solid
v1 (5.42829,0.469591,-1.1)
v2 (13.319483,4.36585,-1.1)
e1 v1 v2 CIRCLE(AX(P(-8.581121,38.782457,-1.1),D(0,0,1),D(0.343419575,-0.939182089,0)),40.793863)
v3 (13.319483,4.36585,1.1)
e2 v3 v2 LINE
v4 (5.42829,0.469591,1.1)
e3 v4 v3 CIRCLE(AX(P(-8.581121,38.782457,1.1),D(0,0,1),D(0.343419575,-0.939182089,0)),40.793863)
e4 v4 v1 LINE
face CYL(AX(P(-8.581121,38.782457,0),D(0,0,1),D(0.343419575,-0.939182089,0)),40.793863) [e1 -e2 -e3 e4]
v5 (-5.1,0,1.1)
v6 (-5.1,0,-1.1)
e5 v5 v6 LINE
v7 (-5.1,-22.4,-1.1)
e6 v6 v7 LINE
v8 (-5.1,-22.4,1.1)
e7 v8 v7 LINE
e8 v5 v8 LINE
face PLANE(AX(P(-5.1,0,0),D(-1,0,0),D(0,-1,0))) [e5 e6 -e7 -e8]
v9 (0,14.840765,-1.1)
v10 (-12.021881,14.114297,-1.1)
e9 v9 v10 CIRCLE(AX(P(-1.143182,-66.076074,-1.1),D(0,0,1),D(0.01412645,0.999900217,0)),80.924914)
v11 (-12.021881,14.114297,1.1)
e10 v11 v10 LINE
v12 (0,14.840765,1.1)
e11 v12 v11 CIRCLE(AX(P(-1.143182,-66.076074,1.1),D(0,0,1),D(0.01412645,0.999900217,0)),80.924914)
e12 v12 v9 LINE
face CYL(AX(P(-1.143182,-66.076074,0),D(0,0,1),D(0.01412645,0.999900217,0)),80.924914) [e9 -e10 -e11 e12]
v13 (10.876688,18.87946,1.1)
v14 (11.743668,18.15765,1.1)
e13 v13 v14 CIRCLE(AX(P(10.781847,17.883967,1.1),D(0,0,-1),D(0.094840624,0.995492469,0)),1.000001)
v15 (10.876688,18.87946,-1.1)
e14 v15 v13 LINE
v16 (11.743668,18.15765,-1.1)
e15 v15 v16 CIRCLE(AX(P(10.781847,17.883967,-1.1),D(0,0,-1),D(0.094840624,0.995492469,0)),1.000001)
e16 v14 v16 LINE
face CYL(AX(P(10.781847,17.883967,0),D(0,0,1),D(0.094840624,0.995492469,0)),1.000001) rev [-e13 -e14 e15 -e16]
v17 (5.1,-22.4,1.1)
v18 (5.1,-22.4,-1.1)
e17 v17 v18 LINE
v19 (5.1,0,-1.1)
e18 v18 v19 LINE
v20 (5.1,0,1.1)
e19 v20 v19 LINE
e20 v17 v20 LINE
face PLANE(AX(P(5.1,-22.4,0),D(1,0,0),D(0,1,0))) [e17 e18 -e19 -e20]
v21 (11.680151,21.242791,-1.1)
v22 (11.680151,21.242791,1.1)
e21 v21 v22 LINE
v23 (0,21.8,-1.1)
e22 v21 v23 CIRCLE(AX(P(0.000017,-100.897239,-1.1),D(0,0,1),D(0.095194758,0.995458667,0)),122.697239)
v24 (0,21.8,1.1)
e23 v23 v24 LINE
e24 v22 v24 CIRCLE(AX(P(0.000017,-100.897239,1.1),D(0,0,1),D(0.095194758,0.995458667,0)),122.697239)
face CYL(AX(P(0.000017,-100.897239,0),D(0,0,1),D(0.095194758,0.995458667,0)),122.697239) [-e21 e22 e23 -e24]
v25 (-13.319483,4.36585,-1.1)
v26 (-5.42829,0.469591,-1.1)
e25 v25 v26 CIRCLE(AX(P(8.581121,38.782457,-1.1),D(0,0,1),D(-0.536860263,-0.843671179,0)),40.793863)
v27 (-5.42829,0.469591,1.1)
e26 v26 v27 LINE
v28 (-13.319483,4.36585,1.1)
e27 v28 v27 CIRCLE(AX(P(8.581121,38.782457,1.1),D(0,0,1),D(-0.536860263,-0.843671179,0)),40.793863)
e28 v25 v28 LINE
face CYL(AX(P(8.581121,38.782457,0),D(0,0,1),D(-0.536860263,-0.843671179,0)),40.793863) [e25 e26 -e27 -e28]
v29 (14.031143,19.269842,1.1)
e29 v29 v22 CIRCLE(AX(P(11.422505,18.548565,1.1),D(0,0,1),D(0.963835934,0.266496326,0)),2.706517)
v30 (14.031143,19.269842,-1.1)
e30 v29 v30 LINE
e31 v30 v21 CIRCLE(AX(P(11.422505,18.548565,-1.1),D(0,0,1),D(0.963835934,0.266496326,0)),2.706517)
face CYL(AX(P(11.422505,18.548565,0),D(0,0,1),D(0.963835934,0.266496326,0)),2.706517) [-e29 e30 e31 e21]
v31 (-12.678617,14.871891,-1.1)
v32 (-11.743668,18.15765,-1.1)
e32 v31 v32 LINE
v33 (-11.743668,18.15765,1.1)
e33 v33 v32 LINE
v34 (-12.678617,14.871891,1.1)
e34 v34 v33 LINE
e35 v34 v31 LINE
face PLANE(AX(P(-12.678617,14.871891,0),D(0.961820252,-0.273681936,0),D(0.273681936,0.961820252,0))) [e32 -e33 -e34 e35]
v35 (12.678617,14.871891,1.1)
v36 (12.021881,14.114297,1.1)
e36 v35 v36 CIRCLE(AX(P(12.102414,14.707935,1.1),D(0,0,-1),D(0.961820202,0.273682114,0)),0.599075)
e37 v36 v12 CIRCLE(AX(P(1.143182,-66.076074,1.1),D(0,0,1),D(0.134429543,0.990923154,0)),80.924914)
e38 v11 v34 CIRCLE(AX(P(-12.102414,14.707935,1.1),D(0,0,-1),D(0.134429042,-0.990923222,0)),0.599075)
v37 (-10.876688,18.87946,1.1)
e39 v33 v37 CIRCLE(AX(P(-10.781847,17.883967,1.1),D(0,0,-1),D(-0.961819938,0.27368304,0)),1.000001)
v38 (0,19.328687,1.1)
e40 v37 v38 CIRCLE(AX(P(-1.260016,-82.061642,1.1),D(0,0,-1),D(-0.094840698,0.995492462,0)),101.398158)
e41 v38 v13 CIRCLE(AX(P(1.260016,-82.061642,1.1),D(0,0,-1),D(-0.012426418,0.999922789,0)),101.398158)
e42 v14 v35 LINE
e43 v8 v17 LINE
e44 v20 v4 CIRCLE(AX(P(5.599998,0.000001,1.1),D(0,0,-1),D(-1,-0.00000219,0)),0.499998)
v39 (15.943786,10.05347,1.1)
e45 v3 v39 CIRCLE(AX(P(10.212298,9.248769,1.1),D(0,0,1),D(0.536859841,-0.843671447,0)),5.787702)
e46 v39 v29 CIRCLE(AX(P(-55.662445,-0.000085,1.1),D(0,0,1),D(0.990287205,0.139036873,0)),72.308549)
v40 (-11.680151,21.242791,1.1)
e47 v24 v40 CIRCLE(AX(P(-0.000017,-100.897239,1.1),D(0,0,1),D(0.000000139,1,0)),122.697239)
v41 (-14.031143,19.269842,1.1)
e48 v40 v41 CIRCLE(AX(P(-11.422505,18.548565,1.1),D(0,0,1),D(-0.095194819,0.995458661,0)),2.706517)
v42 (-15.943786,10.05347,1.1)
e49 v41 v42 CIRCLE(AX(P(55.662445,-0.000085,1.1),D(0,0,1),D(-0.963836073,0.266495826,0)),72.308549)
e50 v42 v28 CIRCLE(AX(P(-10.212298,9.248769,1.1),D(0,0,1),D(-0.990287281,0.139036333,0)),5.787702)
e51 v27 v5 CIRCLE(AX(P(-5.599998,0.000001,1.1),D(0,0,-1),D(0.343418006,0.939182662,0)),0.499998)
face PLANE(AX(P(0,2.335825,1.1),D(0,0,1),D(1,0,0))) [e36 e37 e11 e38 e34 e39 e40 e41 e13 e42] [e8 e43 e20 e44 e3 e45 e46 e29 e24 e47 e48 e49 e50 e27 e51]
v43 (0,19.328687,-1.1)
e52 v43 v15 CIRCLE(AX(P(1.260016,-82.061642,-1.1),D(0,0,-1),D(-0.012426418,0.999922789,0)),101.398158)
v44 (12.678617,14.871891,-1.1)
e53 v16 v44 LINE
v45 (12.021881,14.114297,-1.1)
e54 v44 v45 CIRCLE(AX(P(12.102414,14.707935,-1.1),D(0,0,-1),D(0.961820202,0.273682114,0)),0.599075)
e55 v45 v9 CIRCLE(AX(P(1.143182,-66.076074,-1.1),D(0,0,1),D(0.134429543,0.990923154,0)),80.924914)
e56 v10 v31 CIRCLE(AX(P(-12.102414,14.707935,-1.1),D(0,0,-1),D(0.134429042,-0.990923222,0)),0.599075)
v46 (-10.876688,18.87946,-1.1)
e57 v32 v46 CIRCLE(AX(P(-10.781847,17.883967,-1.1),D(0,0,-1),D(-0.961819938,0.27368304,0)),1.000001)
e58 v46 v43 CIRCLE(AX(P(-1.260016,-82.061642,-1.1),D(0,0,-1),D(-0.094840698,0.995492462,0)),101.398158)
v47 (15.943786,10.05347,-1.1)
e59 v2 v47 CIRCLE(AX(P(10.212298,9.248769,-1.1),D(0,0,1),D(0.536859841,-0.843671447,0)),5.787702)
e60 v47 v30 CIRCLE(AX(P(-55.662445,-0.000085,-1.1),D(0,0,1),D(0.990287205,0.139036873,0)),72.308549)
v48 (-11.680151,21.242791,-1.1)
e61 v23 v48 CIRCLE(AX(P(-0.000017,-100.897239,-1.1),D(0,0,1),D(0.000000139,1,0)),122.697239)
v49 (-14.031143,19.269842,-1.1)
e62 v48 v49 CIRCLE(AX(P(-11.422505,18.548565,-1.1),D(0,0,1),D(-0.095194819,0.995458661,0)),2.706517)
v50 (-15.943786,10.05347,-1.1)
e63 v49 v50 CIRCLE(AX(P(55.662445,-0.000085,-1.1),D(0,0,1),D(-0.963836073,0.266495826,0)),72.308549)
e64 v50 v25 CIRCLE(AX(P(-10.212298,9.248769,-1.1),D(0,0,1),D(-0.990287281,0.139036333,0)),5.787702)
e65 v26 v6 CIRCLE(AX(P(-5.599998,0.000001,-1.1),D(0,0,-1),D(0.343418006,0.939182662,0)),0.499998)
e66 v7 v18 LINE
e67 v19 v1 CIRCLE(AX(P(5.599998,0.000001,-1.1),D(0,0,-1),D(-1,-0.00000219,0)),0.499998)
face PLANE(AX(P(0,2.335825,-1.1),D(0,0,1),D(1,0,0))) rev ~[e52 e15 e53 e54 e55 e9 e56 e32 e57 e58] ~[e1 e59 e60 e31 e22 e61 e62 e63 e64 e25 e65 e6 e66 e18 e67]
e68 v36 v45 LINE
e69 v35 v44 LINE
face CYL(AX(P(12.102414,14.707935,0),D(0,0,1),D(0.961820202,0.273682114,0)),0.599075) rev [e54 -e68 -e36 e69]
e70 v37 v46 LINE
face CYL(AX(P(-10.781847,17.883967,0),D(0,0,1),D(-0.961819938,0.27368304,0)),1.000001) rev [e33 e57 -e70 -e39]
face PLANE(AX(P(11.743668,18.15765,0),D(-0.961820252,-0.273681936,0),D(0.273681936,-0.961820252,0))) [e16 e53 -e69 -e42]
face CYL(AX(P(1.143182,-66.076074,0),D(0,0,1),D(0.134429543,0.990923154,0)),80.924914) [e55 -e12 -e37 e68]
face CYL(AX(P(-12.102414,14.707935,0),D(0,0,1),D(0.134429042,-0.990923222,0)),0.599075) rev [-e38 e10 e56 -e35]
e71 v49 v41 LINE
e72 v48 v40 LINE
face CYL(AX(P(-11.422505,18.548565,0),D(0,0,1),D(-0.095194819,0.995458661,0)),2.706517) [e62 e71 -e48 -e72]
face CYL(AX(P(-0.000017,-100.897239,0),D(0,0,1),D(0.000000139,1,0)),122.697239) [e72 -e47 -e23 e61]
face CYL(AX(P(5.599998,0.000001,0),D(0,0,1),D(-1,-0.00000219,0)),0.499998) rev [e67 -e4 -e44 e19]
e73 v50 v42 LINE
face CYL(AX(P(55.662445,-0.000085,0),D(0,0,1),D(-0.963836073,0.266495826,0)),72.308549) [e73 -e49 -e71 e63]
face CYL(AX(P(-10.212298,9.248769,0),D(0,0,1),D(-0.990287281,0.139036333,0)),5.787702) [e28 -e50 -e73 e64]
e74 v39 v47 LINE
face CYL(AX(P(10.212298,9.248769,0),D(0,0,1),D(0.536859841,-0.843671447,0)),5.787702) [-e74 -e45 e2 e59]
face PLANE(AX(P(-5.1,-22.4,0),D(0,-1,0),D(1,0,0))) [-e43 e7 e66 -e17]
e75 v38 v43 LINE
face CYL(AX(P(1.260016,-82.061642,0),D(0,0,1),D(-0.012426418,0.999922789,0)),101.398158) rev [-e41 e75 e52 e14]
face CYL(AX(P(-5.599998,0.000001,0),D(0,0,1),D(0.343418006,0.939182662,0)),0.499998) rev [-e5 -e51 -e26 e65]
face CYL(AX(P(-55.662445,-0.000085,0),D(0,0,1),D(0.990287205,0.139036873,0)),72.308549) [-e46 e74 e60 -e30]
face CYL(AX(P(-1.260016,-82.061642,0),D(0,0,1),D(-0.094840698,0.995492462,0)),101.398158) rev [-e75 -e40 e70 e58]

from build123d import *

# Parameters (mm, degrees)
F1_DEPTH = 1.1


with BuildPart() as f1:
    # F0 (on Top) → F1 (new body, symmetric)
    with BuildSketch(Plane.XY):
        with BuildLine():
            ThreePointArc((14.031143, 19.269842), (13.16234, 20.621777), (11.680151, 21.242791))
            ThreePointArc((11.680151, 21.242791), (5.846717, 21.660619), (0, 21.8))
            ThreePointArc((0, 21.8), (-5.846717, 21.660619), (-11.680151, 21.242791))
            ThreePointArc((-11.680151, 21.242791), (-13.16234, 20.621777), (-14.031143, 19.269842))
            ThreePointArc((-14.031143, 19.269842), (-15.137591, 14.692811), (-15.943786, 10.05347))
            ThreePointArc((-15.943786, 10.05347), (-15.467561, 6.823958), (-13.319483, 4.36585))
            ThreePointArc((-13.319483, 4.36585), (-9.479264, 2.204297), (-5.42829, 0.469591))
            ThreePointArc((-5.42829, 0.469591), (-5.19021, 0.286483), (-5.1, 0))
            Line((-5.1, 0), (-5.1, -22.4))
            Line((-5.1, -22.4), (5.1, -22.4))
            Line((5.1, -22.4), (5.1, 0))
            ThreePointArc((5.1, 0), (5.19021, 0.286483), (5.42829, 0.469591))
            ThreePointArc((5.42829, 0.469591), (9.479264, 2.204297), (13.319483, 4.36585))
            ThreePointArc((13.319483, 4.36585), (15.467561, 6.823958), (15.943786, 10.05347))
            ThreePointArc((15.943786, 10.05347), (15.137591, 14.692811), (14.031143, 19.269842))
        make_face()
        with BuildLine():
            ThreePointArc((10.876688, 18.87946), (11.42168, 18.652482), (11.743668, 18.15765))
            Line((11.743668, 18.15765), (12.678617, 14.871891))
            ThreePointArc((12.678617, 14.871891), (12.555083, 14.315529), (12.021881, 14.114297))
            ThreePointArc((12.021881, 14.114297), (6.024474, 14.701489), (0, 14.840765))
            ThreePointArc((0, 14.840765), (-6.024474, 14.701489), (-12.021881, 14.114297))
            ThreePointArc((-12.021881, 14.114297), (-12.555083, 14.315529), (-12.678617, 14.871891))
            Line((-12.678617, 14.871891), (-11.743668, 18.15765))
            ThreePointArc((-11.743668, 18.15765), (-11.42168, 18.652482), (-10.876688, 18.87946))
            ThreePointArc((-10.876688, 18.87946), (-5.444377, 19.250142), (0, 19.328687))
            ThreePointArc((0, 19.328687), (5.444377, 19.250142), (10.876688, 18.87946))
        make_face(mode=Mode.SUBTRACT)
    extrude(amount=F1_DEPTH, both=True)


solid = f1.part
